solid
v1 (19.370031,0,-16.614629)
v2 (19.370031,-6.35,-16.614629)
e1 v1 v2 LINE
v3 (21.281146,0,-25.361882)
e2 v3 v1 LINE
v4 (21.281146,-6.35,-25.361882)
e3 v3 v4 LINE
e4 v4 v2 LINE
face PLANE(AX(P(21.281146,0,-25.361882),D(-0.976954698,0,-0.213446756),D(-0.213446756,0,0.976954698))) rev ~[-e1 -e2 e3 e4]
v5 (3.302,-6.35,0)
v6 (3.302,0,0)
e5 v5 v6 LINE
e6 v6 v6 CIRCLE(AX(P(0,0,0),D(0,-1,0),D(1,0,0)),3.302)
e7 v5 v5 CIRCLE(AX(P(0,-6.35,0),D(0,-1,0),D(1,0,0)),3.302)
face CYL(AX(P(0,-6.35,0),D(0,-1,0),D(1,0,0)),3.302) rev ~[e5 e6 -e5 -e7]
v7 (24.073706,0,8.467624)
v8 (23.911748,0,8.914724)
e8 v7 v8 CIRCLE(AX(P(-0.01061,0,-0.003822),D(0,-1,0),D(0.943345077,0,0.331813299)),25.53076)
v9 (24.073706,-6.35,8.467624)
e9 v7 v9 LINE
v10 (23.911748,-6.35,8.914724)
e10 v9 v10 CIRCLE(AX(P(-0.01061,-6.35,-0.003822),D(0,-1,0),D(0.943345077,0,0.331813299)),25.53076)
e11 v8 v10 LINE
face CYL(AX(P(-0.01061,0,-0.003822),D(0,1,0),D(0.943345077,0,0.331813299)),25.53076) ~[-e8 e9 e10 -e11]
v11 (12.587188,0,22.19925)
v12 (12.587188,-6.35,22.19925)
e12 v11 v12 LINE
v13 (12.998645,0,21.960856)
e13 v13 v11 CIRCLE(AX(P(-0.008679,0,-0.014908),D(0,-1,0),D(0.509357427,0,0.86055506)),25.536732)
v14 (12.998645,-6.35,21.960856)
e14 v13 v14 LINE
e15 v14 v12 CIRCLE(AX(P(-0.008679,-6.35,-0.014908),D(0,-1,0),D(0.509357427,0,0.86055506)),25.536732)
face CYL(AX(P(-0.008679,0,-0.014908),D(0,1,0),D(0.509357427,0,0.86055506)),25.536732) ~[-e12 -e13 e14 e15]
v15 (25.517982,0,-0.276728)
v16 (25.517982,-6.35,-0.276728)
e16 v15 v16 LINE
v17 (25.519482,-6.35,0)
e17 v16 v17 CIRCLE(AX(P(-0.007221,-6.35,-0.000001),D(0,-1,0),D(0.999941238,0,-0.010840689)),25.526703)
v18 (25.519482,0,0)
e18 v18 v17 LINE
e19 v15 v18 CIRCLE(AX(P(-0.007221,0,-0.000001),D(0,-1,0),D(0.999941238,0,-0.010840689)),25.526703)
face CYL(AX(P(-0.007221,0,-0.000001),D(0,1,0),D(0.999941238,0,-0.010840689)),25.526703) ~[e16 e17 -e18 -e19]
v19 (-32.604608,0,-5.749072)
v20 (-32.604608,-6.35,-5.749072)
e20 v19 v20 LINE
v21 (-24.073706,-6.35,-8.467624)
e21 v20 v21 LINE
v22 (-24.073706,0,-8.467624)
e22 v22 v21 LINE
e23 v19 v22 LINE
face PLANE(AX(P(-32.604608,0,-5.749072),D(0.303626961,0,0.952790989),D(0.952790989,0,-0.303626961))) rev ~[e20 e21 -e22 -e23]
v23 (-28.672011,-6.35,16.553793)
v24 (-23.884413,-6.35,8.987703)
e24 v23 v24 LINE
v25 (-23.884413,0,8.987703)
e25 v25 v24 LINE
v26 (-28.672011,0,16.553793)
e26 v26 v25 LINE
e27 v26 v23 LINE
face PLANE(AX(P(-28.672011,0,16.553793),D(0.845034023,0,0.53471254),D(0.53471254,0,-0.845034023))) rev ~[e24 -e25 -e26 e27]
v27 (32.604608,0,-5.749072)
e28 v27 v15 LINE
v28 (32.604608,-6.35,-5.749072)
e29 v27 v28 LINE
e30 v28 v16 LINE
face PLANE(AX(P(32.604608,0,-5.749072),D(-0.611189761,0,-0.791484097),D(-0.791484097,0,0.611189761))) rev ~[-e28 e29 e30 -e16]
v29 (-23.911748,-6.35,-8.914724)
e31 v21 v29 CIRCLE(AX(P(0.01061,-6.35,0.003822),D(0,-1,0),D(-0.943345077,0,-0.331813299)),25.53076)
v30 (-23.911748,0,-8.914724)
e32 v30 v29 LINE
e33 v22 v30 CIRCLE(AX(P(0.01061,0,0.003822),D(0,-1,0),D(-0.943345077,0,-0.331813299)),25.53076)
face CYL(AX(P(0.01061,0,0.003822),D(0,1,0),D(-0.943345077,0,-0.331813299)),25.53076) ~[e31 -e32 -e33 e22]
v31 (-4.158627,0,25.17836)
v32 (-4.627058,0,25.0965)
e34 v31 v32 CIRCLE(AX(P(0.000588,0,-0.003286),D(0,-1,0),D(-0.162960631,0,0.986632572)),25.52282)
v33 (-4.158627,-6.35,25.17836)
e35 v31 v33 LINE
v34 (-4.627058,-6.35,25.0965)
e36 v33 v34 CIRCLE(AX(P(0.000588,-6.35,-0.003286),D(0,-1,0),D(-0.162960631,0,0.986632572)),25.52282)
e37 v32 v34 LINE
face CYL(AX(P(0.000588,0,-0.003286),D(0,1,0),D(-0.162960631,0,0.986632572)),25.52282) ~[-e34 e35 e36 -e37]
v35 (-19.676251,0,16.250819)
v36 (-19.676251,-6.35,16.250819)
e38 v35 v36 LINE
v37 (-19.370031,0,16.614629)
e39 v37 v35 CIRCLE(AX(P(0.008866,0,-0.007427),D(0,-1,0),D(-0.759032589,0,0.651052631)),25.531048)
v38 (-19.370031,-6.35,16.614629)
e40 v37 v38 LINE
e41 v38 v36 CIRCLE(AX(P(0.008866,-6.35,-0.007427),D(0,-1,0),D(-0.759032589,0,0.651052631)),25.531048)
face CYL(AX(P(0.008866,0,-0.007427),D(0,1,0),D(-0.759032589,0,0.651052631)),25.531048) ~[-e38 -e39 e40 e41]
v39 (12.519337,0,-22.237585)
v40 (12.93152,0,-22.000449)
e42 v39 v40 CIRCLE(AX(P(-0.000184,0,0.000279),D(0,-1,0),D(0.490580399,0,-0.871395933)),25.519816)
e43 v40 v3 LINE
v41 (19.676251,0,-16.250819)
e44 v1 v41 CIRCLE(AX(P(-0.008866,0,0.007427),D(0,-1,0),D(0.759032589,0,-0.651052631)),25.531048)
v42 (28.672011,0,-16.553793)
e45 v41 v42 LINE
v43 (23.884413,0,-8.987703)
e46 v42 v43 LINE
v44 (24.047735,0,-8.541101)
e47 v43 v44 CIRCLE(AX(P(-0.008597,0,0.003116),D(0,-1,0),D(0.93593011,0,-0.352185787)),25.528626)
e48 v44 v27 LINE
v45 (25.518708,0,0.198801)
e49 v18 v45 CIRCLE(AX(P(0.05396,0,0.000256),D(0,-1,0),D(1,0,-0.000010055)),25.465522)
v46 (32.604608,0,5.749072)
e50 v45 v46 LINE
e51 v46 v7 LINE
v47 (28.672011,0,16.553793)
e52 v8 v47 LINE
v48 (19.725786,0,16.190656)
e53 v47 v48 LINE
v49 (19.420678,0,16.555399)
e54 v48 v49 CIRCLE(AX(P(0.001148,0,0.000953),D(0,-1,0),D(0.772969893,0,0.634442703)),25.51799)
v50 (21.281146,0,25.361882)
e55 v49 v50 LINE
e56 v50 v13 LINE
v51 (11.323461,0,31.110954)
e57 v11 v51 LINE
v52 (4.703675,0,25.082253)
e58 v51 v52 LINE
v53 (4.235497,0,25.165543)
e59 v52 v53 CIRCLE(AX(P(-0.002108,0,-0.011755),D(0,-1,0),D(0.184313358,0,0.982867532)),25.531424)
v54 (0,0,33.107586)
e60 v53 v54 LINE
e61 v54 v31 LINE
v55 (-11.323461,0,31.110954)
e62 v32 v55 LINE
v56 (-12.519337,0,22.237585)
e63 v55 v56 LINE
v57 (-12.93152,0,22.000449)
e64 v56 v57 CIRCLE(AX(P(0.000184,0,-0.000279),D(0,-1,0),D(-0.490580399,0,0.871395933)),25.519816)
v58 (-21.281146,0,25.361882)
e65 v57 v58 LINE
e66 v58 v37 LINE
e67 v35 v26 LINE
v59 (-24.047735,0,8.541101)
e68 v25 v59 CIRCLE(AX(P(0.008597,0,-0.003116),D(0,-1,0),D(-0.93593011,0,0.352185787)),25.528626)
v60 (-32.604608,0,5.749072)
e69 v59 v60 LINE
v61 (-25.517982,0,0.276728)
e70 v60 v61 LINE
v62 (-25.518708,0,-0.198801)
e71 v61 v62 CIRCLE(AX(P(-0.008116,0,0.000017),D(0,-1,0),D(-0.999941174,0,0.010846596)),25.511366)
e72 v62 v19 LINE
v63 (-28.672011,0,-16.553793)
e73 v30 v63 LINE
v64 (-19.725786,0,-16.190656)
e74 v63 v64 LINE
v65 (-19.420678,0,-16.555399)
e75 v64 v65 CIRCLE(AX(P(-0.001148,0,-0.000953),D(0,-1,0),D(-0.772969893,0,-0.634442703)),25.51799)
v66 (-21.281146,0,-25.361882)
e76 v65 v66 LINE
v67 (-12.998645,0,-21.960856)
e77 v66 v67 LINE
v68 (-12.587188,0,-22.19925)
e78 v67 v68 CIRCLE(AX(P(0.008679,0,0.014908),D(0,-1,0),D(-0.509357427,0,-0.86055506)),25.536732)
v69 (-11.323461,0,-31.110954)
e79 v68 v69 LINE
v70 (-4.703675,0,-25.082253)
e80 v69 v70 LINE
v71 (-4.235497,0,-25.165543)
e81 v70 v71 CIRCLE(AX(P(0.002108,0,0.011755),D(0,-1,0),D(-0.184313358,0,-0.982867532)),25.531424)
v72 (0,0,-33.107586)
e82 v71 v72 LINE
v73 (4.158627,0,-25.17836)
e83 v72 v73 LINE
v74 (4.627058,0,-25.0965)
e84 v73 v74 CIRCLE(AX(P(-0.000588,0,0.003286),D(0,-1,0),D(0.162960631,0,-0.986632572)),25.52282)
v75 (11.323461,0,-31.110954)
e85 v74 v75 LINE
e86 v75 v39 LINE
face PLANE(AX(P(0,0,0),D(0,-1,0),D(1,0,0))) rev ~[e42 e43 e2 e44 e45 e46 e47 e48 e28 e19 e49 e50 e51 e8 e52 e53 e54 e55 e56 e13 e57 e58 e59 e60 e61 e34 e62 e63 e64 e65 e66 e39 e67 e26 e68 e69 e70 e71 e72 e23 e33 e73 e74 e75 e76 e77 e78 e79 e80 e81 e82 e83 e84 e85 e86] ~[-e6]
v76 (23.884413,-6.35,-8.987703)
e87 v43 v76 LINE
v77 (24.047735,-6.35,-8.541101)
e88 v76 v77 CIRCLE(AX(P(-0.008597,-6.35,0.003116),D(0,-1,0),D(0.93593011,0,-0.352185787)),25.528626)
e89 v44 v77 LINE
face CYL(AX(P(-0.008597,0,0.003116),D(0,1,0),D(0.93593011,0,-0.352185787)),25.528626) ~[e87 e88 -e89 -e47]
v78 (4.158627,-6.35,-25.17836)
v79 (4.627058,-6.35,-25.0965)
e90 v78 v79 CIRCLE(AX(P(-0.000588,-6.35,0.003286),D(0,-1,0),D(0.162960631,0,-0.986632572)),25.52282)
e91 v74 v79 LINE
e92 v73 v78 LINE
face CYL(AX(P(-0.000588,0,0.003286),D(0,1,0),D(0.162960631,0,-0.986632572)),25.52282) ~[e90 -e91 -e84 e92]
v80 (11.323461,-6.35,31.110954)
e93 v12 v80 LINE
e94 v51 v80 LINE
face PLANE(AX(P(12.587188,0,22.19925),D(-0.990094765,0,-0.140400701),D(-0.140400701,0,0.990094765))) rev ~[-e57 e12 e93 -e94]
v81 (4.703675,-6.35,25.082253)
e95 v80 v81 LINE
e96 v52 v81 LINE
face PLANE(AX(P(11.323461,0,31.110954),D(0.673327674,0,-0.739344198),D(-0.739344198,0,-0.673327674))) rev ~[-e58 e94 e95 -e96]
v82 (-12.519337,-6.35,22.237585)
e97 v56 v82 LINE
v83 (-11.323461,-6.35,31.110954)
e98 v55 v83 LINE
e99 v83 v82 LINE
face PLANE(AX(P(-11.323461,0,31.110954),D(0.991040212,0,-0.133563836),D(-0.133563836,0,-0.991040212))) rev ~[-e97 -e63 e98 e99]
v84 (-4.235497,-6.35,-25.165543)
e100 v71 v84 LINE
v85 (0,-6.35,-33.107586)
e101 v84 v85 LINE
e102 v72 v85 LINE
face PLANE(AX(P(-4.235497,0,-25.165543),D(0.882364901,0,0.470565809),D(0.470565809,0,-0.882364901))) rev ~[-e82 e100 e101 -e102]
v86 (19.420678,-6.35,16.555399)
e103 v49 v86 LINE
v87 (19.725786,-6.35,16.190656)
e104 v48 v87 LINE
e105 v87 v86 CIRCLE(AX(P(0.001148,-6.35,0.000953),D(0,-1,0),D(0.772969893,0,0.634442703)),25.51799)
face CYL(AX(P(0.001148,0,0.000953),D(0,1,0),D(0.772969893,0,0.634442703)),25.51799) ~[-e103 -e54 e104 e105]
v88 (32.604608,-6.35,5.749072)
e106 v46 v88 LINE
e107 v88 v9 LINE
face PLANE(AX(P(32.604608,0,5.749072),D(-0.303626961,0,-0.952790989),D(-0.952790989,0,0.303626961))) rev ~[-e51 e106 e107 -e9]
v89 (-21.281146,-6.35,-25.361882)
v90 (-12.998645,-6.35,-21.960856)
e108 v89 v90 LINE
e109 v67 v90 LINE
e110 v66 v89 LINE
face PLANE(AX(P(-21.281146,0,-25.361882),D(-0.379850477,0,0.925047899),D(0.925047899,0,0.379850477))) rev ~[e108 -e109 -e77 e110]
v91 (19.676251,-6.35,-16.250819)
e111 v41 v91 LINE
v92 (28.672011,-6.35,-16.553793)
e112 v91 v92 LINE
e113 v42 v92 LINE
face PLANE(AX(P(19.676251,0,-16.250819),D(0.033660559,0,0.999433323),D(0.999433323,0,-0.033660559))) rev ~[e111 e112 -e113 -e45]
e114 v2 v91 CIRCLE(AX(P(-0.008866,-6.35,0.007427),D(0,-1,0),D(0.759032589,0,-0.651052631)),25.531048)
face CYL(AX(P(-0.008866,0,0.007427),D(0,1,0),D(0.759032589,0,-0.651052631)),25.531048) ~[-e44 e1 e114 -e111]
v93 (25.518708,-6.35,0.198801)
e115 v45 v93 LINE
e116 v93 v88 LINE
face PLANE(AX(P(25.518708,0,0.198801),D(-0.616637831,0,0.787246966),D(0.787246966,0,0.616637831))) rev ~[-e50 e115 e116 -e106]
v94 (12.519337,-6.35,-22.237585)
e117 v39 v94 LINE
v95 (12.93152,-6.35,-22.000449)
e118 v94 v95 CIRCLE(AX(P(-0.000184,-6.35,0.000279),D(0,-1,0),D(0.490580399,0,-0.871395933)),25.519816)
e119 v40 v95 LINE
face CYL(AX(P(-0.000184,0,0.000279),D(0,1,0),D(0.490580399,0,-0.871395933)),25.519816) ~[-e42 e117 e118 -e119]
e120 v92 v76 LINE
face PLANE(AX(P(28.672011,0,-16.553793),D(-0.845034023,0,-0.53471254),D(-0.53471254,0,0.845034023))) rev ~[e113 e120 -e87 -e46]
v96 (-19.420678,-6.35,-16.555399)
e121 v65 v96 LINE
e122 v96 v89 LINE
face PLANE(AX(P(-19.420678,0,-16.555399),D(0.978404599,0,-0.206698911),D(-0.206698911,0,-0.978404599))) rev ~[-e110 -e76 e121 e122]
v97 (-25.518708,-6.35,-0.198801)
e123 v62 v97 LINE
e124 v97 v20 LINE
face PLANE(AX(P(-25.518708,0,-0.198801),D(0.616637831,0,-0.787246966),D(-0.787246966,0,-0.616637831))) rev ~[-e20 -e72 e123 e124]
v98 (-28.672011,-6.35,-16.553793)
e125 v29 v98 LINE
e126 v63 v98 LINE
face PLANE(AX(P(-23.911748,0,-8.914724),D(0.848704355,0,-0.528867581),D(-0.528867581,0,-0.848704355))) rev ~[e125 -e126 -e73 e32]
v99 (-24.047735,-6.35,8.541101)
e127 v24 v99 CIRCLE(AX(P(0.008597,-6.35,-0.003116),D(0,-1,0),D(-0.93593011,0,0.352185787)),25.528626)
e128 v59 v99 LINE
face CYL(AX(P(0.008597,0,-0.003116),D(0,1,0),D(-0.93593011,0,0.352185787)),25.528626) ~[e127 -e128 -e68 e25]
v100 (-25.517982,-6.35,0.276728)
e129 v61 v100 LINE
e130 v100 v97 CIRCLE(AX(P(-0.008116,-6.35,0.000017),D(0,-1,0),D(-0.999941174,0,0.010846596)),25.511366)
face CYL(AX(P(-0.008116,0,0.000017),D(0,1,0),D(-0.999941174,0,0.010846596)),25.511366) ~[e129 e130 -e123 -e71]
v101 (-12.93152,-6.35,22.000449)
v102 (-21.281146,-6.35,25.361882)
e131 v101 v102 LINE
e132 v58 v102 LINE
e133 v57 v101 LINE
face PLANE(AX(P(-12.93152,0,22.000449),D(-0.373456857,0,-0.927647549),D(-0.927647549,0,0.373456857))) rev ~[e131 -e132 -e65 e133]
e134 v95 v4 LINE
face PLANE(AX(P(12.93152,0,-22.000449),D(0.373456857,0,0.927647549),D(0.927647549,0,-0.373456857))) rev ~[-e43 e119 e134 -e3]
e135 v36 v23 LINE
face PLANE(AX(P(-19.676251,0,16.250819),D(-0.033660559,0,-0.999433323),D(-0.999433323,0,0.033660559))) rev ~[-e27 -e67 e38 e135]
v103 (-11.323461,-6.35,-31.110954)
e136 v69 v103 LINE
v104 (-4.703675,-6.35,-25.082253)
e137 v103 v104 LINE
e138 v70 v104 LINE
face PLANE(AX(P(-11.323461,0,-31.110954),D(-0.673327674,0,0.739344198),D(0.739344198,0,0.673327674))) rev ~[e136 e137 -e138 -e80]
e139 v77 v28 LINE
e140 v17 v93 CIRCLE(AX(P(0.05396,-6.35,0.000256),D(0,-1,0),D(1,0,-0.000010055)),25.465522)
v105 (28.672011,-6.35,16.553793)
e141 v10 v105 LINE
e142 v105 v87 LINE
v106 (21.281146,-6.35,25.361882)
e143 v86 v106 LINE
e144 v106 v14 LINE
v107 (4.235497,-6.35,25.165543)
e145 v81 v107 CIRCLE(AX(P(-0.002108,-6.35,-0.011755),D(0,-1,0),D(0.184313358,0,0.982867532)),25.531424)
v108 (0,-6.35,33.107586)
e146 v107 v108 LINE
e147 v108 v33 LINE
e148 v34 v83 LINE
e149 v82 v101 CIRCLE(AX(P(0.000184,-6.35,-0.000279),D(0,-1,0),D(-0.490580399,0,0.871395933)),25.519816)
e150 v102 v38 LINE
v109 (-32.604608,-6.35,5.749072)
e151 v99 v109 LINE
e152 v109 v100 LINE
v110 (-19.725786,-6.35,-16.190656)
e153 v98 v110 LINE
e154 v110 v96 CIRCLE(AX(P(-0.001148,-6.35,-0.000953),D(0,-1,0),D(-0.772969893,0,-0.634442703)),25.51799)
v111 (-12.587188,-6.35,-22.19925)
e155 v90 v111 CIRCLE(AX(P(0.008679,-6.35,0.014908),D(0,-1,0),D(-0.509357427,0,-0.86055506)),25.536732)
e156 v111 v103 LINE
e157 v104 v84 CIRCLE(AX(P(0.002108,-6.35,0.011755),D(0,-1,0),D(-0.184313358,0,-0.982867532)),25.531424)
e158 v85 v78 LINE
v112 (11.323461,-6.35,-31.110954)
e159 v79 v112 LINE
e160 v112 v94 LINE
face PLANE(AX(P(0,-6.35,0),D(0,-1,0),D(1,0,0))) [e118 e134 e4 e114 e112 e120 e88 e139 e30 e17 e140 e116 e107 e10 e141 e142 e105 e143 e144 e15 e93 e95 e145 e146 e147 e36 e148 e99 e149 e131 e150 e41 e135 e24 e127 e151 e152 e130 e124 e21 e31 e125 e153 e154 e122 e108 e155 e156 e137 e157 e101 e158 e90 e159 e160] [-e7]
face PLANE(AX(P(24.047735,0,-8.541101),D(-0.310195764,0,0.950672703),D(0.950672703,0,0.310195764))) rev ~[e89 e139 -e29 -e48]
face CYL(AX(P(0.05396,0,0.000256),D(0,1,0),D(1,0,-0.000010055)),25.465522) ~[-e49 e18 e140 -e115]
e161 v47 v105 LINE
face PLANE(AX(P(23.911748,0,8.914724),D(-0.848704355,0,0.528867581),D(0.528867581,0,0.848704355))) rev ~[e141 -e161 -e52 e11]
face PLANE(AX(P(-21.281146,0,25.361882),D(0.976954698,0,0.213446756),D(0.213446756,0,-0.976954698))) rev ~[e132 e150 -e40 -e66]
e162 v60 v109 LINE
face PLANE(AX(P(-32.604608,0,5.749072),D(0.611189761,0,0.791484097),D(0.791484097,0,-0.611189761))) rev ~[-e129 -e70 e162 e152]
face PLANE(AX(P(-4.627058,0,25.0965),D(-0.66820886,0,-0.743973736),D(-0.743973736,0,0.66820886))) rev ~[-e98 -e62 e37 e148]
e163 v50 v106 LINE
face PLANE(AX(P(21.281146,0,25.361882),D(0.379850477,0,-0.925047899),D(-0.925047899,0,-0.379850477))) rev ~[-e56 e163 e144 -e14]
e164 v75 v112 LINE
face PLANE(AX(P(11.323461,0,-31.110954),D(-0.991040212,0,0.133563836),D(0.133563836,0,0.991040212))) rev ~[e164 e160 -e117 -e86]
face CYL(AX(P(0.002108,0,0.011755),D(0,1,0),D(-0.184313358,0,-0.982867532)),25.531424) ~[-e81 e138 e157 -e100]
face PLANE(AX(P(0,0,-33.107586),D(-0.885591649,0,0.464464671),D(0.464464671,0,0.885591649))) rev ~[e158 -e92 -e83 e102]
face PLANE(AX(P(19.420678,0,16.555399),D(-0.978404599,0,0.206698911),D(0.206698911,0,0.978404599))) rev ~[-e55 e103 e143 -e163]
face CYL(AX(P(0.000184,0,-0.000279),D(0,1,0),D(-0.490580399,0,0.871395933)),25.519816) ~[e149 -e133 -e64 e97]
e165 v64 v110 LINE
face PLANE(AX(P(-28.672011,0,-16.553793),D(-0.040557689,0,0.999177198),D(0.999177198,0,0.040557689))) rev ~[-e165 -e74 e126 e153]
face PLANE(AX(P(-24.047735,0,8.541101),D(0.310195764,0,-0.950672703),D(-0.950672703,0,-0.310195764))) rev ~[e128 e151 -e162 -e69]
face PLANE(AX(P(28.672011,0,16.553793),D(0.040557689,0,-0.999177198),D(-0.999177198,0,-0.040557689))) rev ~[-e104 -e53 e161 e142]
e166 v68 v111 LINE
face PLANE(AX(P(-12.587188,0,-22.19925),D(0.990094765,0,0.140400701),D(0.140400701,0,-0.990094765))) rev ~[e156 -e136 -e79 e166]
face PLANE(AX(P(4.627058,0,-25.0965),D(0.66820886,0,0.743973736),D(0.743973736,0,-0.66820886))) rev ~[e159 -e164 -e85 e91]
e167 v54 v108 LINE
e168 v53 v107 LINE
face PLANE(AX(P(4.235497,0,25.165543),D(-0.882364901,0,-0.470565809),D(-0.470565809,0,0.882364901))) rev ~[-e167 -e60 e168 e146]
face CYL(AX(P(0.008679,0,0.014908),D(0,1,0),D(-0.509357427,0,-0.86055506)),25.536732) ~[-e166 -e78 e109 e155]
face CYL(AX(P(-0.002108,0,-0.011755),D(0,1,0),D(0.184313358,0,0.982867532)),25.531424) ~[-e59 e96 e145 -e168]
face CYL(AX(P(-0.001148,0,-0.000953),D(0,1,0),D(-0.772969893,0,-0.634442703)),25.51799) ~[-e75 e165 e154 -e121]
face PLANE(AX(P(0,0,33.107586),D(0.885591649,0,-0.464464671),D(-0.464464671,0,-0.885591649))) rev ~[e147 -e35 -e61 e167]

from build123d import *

# Parameters (mm, degrees)
F1_DEPTH = 6.35
F2_R     = 3.302
F3_DEPTH = 6.35


with BuildPart() as f1:
    # F0 (on Front) → F1 (new body)
    with BuildSketch(Plane.XZ):
        with BuildLine():
            ThreePointArc((25.517982, -0.276728), (25.519107, -0.138366), (25.519482, 0))
            ThreePointArc((25.519482, 0), (25.519289, 0.099401), (25.518708, 0.198801))
            ThreePointArc((25.518708, 0.198801), (25.138521, 4.393033), (24.073706, 8.467624))
            ThreePointArc((24.073706, 8.467624), (23.993768, 8.691551), (23.911748, 8.914724))
            ThreePointArc((23.911748, 8.914724), (22.119977, 12.725981), (19.725786, 16.190656))
            ThreePointArc((19.725786, 16.190656), (19.574081, 16.373739), (19.420678, 16.555399))
            ThreePointArc((19.420678, 16.555399), (16.433437, 19.523988), (12.998645, 21.960856))
            ThreePointArc((12.998645, 21.960856), (12.793471, 22.081011), (12.587188, 22.19925))
            ThreePointArc((12.587188, 22.19925), (8.764782, 23.967114), (4.703675, 25.082253))
            ThreePointArc((4.703675, 25.082253), (4.46978, 25.124988), (4.235497, 25.165543))
            ThreePointArc((4.235497, 25.165543), (0.038966, 25.519453), (-4.158627, 25.17836))
            ThreePointArc((-4.158627, 25.17836), (-4.393033, 25.138521), (-4.627058, 25.0965))
            ThreePointArc((-4.627058, 25.0965), (-8.691551, 23.993768), (-12.519337, 22.237585))
            ThreePointArc((-12.519337, 22.237585), (-12.725981, 22.119977), (-12.93152, 22.000449))
            ThreePointArc((-12.93152, 22.000449), (-16.373739, 19.574081), (-19.370031, 16.614629))
            ThreePointArc((-19.370031, 16.614629), (-19.523988, 16.433437), (-19.676251, 16.250819))
            ThreePointArc((-19.676251, 16.250819), (-22.081011, 12.793471), (-23.884413, 8.987703))
            ThreePointArc((-23.884413, 8.987703), (-23.967114, 8.764782), (-24.047735, 8.541101))
            ThreePointArc((-24.047735, 8.541101), (-25.124988, 4.46978), (-25.517982, 0.276728))
            ThreePointArc((-25.517982, 0.276728), (-25.519453, 0.038966), (-25.518708, -0.198801))
            ThreePointArc((-25.518708, -0.198801), (-25.138521, -4.393033), (-24.073706, -8.467624))
            ThreePointArc((-24.073706, -8.467624), (-23.993768, -8.691551), (-23.911748, -8.914724))
            ThreePointArc((-23.911748, -8.914724), (-22.119977, -12.725981), (-19.725786, -16.190656))
            ThreePointArc((-19.725786, -16.190656), (-19.574081, -16.373739), (-19.420678, -16.555399))
            ThreePointArc((-19.420678, -16.555399), (-16.433437, -19.523988), (-12.998645, -21.960856))
            ThreePointArc((-12.998645, -21.960856), (-12.793471, -22.081011), (-12.587188, -22.19925))
            ThreePointArc((-12.587188, -22.19925), (-8.764782, -23.967114), (-4.703675, -25.082253))
            ThreePointArc((-4.703675, -25.082253), (-4.46978, -25.124988), (-4.235497, -25.165543))
            ThreePointArc((-4.235497, -25.165543), (-0.038966, -25.519453), (4.158627, -25.17836))
            ThreePointArc((4.158627, -25.17836), (4.393033, -25.138521), (4.627058, -25.0965))
            ThreePointArc((4.627058, -25.0965), (8.691551, -23.993768), (12.519337, -22.237585))
            ThreePointArc((12.519337, -22.237585), (12.725981, -22.119977), (12.93152, -22.000449))
            ThreePointArc((12.93152, -22.000449), (16.373739, -19.574081), (19.370031, -16.614629))
            ThreePointArc((19.370031, -16.614629), (19.523988, -16.433437), (19.676251, -16.250819))
            ThreePointArc((19.676251, -16.250819), (22.081011, -12.793471), (23.884413, -8.987703))
            ThreePointArc((23.884413, -8.987703), (23.967114, -8.764782), (24.047735, -8.541101))
            ThreePointArc((24.047735, -8.541101), (25.124988, -4.46978), (25.517982, -0.276728))
        make_face()
        with BuildLine():
            ThreePointArc((24.073706, 8.467624), (25.138521, 4.393033), (25.518708, 0.198801))
            Line((25.518708, 0.198801), (32.604608, 5.749072))
            Line((32.604608, 5.749072), (24.073706, 8.467624))
        make_face()
        with BuildLine():
            Line((32.604608, -5.749072), (25.517982, -0.276728))
            ThreePointArc((25.517982, -0.276728), (25.124988, -4.46978), (24.047735, -8.541101))
            Line((24.047735, -8.541101), (32.604608, -5.749072))
        make_face()
        with BuildLine():
            ThreePointArc((19.725786, 16.190656), (22.119977, 12.725981), (23.911748, 8.914724))
            Line((23.911748, 8.914724), (28.672011, 16.553793))
            Line((28.672011, 16.553793), (19.725786, 16.190656))
        make_face()
        with BuildLine():
            Line((28.672011, -16.553793), (23.884413, -8.987703))
            ThreePointArc((23.884413, -8.987703), (22.081011, -12.793471), (19.676251, -16.250819))
            Line((19.676251, -16.250819), (28.672011, -16.553793))
        make_face()
        with BuildLine():
            ThreePointArc((12.998645, 21.960856), (16.433437, 19.523988), (19.420678, 16.555399))
            Line((19.420678, 16.555399), (21.281146, 25.361882))
            Line((21.281146, 25.361882), (12.998645, 21.960856))
        make_face()
        with BuildLine():
            Line((21.281146, -25.361882), (19.370031, -16.614629))
            ThreePointArc((19.370031, -16.614629), (16.373739, -19.574081), (12.93152, -22.000449))
            Line((12.93152, -22.000449), (21.281146, -25.361882))
        make_face()
        with BuildLine():
            ThreePointArc((4.703675, 25.082253), (8.764782, 23.967114), (12.587188, 22.19925))
            Line((12.587188, 22.19925), (11.323461, 31.110954))
            Line((11.323461, 31.110954), (4.703675, 25.082253))
        make_face()
        with BuildLine():
            Line((11.323461, -31.110954), (12.519337, -22.237585))
            ThreePointArc((12.519337, -22.237585), (8.691551, -23.993768), (4.627058, -25.0965))
            Line((4.627058, -25.0965), (11.323461, -31.110954))
        make_face()
        with BuildLine():
            ThreePointArc((-4.158627, 25.17836), (0.038966, 25.519453), (4.235497, 25.165543))
            Line((4.235497, 25.165543), (0, 33.107586))
            Line((0, 33.107586), (-4.158627, 25.17836))
        make_face()
        with BuildLine():
            Line((0, -33.107586), (4.158627, -25.17836))
            ThreePointArc((4.158627, -25.17836), (-0.038966, -25.519453), (-4.235497, -25.165543))
            Line((-4.235497, -25.165543), (0, -33.107586))
        make_face()
        with BuildLine():
            ThreePointArc((-12.519337, 22.237585), (-8.691551, 23.993768), (-4.627058, 25.0965))
            Line((-4.627058, 25.0965), (-11.323461, 31.110954))
            Line((-11.323461, 31.110954), (-12.519337, 22.237585))
        make_face()
        with BuildLine():
            Line((-11.323461, -31.110954), (-4.703675, -25.082253))
            ThreePointArc((-4.703675, -25.082253), (-8.764782, -23.967114), (-12.587188, -22.19925))
            Line((-12.587188, -22.19925), (-11.323461, -31.110954))
        make_face()
        with BuildLine():
            ThreePointArc((-19.370031, 16.614629), (-16.373739, 19.574081), (-12.93152, 22.000449))
            Line((-12.93152, 22.000449), (-21.281146, 25.361882))
            Line((-21.281146, 25.361882), (-19.370031, 16.614629))
        make_face()
        with BuildLine():
            Line((-21.281146, -25.361882), (-12.998645, -21.960856))
            ThreePointArc((-12.998645, -21.960856), (-16.433437, -19.523988), (-19.420678, -16.555399))
            Line((-19.420678, -16.555399), (-21.281146, -25.361882))
        make_face()
        with BuildLine():
            ThreePointArc((-23.884413, 8.987703), (-22.081011, 12.793471), (-19.676251, 16.250819))
            Line((-19.676251, 16.250819), (-28.672011, 16.553793))
            Line((-28.672011, 16.553793), (-23.884413, 8.987703))
        make_face()
        with BuildLine():
            Line((-28.672011, -16.553793), (-19.725786, -16.190656))
            ThreePointArc((-19.725786, -16.190656), (-22.119977, -12.725981), (-23.911748, -8.914724))
            Line((-23.911748, -8.914724), (-28.672011, -16.553793))
        make_face()
        with BuildLine():
            ThreePointArc((-25.517982, 0.276728), (-25.124988, 4.46978), (-24.047735, 8.541101))
            Line((-24.047735, 8.541101), (-32.604608, 5.749072))
            Line((-32.604608, 5.749072), (-25.517982, 0.276728))
        make_face()
        with BuildLine():
            Line((-32.604608, -5.749072), (-24.073706, -8.467624))
            ThreePointArc((-24.073706, -8.467624), (-25.138521, -4.393033), (-25.518708, -0.198801))
            Line((-25.518708, -0.198801), (-32.604608, -5.749072))
        make_face()
    extrude(amount=F1_DEPTH)

    # F2 (on face) → F3 (cut)
    with BuildSketch(Plane.XZ.offset(6.35)):
        Circle(F2_R)
    extrude(amount=-F3_DEPTH, mode=Mode.SUBTRACT)


solid = f1.part
